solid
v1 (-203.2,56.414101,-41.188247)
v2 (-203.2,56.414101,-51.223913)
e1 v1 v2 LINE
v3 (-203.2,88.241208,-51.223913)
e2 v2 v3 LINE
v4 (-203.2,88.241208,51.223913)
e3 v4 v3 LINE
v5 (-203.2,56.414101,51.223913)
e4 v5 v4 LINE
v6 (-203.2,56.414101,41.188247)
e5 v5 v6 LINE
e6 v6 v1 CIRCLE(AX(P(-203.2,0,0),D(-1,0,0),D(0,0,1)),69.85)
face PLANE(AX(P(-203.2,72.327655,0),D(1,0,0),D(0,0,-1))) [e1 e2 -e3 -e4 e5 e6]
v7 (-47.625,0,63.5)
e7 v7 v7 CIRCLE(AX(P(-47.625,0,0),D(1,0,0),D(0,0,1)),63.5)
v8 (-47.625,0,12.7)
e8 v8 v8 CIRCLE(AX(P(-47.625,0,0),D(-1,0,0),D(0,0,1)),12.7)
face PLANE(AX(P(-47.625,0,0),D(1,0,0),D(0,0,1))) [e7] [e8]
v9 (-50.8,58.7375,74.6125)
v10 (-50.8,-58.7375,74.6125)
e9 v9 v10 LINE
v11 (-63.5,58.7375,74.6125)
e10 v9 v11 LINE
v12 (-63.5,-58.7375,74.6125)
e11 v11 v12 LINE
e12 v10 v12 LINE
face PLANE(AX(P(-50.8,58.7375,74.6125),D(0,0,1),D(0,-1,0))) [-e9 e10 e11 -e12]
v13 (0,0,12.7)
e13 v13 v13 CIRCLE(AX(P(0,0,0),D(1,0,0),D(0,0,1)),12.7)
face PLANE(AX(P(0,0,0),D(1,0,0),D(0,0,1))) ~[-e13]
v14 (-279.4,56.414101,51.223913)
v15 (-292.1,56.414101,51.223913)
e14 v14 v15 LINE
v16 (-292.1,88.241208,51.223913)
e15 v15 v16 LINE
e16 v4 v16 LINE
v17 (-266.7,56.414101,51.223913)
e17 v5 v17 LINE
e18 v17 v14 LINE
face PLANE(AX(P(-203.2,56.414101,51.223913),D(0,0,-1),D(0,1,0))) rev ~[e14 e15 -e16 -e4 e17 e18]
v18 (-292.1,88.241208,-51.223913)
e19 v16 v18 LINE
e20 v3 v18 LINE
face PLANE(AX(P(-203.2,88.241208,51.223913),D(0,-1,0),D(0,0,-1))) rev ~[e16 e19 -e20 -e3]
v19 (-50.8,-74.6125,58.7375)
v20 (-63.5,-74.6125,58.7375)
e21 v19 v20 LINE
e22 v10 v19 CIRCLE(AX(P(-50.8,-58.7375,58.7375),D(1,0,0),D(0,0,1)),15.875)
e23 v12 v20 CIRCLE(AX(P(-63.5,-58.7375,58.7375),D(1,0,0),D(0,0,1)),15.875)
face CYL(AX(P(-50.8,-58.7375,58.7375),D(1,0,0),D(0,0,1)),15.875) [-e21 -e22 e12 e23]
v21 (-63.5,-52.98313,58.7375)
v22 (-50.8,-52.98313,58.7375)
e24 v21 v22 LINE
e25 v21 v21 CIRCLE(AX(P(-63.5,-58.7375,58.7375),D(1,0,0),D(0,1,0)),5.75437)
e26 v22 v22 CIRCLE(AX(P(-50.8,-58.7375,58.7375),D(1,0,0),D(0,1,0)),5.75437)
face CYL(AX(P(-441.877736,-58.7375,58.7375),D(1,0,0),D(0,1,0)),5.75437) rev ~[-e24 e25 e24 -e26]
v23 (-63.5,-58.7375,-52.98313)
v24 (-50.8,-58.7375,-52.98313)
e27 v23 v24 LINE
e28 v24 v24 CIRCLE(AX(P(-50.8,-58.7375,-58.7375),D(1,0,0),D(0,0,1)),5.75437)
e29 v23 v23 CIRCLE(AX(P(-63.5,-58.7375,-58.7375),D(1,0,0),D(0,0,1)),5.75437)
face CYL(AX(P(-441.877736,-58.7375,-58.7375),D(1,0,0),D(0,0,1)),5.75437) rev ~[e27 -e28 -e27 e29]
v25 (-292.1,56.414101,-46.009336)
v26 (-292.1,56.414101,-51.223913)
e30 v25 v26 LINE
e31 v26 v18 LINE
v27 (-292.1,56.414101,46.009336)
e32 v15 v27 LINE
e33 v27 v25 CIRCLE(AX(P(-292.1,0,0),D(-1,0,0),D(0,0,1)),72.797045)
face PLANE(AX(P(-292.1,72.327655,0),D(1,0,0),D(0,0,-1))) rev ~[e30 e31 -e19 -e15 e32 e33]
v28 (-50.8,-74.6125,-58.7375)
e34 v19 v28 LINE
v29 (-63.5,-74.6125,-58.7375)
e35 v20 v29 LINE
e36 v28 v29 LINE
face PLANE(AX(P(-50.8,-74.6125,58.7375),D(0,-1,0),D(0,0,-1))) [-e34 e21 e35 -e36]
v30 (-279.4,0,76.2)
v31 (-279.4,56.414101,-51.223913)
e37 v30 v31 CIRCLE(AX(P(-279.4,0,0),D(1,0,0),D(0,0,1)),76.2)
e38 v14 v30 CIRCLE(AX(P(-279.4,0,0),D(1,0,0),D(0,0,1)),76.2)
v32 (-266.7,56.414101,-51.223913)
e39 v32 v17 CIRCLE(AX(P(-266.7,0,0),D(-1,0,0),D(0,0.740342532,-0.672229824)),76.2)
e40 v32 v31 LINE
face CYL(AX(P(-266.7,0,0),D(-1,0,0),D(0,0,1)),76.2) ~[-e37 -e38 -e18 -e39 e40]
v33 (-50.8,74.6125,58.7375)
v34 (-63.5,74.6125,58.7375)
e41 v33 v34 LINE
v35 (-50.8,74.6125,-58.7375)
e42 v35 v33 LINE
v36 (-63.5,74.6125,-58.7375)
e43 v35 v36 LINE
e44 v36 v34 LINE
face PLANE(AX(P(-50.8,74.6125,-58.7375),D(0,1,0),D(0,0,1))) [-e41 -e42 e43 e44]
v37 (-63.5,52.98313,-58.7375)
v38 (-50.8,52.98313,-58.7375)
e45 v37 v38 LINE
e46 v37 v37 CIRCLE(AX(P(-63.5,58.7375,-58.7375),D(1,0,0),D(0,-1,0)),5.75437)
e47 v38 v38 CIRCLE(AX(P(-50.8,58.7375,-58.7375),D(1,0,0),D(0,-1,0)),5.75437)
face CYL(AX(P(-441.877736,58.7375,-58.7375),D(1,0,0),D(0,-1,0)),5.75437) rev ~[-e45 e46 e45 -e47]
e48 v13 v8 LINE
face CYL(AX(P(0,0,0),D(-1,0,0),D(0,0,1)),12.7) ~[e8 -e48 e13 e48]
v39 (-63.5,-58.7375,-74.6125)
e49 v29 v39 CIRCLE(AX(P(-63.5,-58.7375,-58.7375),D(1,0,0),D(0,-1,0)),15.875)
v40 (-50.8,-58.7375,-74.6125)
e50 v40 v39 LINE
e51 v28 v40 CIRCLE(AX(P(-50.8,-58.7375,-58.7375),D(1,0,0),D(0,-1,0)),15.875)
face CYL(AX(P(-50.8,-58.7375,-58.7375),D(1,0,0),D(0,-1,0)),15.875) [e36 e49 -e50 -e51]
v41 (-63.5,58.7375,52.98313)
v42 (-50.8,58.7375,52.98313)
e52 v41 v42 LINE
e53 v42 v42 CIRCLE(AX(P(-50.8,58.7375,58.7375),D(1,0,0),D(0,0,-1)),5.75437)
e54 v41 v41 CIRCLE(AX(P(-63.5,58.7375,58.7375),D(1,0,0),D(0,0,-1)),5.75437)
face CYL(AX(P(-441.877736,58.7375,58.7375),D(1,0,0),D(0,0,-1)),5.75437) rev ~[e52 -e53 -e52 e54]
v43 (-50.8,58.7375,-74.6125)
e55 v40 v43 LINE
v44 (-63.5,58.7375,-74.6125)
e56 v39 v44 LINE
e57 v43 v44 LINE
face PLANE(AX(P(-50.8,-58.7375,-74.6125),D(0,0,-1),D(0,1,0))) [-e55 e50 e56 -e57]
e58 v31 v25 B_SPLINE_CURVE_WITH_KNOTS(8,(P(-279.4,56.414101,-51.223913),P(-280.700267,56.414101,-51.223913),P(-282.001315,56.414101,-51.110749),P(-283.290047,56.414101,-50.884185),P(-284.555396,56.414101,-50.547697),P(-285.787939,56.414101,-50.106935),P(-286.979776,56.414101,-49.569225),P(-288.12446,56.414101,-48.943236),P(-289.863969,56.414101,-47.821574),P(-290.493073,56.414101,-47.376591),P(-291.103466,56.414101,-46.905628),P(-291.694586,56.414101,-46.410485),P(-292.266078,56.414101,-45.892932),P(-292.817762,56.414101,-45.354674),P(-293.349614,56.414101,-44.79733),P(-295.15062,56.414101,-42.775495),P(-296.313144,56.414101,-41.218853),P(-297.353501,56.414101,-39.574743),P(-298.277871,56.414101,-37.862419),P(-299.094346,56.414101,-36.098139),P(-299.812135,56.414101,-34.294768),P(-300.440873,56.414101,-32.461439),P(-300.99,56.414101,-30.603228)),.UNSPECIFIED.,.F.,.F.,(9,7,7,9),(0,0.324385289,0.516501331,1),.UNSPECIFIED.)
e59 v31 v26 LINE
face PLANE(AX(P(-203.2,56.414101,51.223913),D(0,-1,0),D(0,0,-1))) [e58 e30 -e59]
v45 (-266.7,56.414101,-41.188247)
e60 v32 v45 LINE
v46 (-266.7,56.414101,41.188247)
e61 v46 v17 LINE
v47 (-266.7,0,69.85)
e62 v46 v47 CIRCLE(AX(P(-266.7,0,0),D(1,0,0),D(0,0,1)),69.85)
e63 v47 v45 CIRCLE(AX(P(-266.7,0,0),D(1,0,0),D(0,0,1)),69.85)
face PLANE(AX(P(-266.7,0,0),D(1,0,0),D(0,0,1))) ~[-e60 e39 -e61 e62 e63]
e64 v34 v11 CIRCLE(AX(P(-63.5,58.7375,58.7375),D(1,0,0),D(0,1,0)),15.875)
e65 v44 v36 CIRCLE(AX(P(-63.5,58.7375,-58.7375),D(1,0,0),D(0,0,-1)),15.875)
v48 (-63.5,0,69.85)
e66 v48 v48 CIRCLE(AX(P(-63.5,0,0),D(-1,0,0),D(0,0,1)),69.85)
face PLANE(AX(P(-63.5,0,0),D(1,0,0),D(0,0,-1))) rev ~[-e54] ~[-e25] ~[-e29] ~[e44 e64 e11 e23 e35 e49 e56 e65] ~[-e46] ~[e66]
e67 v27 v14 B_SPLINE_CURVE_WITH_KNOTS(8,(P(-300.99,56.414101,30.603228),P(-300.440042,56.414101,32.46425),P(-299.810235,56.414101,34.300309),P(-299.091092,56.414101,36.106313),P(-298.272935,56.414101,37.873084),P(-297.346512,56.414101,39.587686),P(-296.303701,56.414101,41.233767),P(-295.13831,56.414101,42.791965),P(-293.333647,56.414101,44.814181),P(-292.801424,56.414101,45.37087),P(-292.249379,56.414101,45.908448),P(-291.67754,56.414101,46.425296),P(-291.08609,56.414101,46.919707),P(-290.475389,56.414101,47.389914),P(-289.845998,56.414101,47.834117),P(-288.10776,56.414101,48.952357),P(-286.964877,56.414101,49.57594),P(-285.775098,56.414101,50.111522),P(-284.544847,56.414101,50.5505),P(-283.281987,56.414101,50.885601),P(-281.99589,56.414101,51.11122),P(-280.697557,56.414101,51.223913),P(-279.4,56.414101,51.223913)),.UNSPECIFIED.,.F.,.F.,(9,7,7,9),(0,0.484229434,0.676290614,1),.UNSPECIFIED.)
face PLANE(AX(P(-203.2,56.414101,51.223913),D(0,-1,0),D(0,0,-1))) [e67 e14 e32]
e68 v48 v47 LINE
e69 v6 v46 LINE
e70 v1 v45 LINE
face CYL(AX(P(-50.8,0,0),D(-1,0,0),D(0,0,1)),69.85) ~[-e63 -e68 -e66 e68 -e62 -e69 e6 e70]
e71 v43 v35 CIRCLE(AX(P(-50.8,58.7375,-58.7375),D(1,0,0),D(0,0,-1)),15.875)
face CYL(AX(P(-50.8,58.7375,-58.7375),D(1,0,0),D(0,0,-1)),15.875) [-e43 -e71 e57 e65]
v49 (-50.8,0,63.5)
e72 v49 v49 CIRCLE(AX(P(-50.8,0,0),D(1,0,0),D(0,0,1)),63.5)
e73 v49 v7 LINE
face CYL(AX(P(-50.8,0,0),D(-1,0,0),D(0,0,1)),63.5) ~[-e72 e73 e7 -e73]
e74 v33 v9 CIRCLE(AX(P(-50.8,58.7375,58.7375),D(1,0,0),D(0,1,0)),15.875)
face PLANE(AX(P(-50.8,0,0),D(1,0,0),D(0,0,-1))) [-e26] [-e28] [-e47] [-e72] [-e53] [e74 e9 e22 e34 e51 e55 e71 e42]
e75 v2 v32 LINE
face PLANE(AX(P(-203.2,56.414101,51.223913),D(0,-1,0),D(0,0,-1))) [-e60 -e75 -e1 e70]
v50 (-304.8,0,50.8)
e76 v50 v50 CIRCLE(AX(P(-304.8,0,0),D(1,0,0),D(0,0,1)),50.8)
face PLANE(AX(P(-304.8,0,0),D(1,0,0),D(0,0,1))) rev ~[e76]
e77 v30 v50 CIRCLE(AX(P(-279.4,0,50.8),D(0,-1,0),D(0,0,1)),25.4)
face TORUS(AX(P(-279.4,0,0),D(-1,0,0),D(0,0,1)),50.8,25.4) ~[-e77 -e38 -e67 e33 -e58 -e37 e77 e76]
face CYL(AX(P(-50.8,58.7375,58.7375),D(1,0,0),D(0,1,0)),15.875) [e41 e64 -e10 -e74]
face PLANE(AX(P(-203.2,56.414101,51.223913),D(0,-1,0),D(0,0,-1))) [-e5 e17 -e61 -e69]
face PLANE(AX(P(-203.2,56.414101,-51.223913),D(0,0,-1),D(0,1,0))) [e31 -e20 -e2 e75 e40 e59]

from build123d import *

# Parameters (mm, degrees)
BOSS_EXTRUDE1_DEPTH     = 12.7
SKETCH3_W               = 102.447825146
SKETCH3_H               = 31.827107341
BOSS_EXTRUDE2_DEPTH     = 88.9
SKETCH4_R               = 63.5
PILOT_DIA_DEPTH         = 3.175
F_1_2_20_TAPPED_HOLE2_D = 11.50874
CIRPATTERN2_COUNT       = 4


with BuildPart() as part:
    # Sketch1 → Base-Revolve (revolve)
    with BuildSketch(Plane.XY, mode=Mode.PRIVATE) as base_revolve_sk:
        with BuildLine():
            Line((0, 0), (0, 12.7))
            Line((0, 12.7), (-50.8, 12.7))
            Line((-50.8, 12.7), (-50.8, 69.85))
            Line((-50.8, 69.85), (-266.7, 69.85))
            Line((-266.7, 69.85), (-266.7, 76.2))
            Line((-266.7, 76.2), (-279.4, 76.2))
            ThreePointArc((-279.4, 76.2), (-297.360512242, 68.760512242), (-304.8, 50.8))
            Line((-304.8, 50.8), (-304.8, 0))
            Line((-304.8, 0), (0, 0))
        make_face()
    revolve(base_revolve_sk.sketch.rotate(Axis((0, 0, 0), (1, 0, 0)), 90), axis=Axis((0, 0, 0), (1, 0, 0)))

    # Sketch2 → Boss-Extrude1 (add)
    with BuildSketch(Plane(origin=(-50.8, 0, 0), x_dir=(0, 0, -1), z_dir=(1, 0, 0))):
        with BuildLine():
            Line((74.6125, -58.7375), (74.6125, 58.7375))
            ThreePointArc((74.6125, 58.7375), (69.962820151, 69.962820151), (58.7375, 74.6125))
            Line((58.7375, 74.6125), (-58.7375, 74.6125))
            ThreePointArc((-58.7375, 74.6125), (-69.962820151, 69.962820151), (-74.6125, 58.7375))
            Line((-74.6125, 58.7375), (-74.6125, -58.7375))
            ThreePointArc((-74.6125, -58.7375), (-69.962820151, -69.962820151), (-58.7375, -74.6125))
            Line((-58.7375, -74.6125), (58.7375, -74.6125))
            ThreePointArc((58.7375, -74.6125), (69.962820151, -69.962820151), (74.6125, -58.7375))
        make_face()
    extrude(amount=-BOSS_EXTRUDE1_DEPTH)

    # Sketch3 → Boss-Extrude2 (add)
    with BuildSketch(Plane(origin=(-203.2, 0, 0), x_dir=(0, 0, -1), z_dir=(1, 0, 0))):
        with Locations((0, 72.327654574)):
            Rectangle(SKETCH3_W, SKETCH3_H)
    extrude(amount=-BOSS_EXTRUDE2_DEPTH)

    # Sketch4 → pilot dia (add)
    with BuildSketch(Plane(origin=(-50.8, 0, 0), x_dir=(0, 0, -1), z_dir=(1, 0, 0))):
        with Locations(Location((0, 0, 0), (0, 0, 180))):
            Circle(SKETCH4_R)
    extrude(amount=PILOT_DIA_DEPTH)

    # 1/2-20 Tapped Hole2 (through all)
    with Locations(Plane.ZY.offset(63.5)):
        with Locations((58.7375, 58.7375)):
            f_1_2_20_tapped_hole2 = Hole(F_1_2_20_TAPPED_HOLE2_D / 2)

    # CirPattern2: 1/2-20 Tapped Hole2 ×4 about axis
    cirpattern2_axis = Axis((0, 0, 0), (1, 0, 0))
    for i in range(1, CIRPATTERN2_COUNT):
        add(f_1_2_20_tapped_hole2.rotate(cirpattern2_axis, i * 360 / CIRPATTERN2_COUNT), mode=Mode.SUBTRACT)


solid = part.part
